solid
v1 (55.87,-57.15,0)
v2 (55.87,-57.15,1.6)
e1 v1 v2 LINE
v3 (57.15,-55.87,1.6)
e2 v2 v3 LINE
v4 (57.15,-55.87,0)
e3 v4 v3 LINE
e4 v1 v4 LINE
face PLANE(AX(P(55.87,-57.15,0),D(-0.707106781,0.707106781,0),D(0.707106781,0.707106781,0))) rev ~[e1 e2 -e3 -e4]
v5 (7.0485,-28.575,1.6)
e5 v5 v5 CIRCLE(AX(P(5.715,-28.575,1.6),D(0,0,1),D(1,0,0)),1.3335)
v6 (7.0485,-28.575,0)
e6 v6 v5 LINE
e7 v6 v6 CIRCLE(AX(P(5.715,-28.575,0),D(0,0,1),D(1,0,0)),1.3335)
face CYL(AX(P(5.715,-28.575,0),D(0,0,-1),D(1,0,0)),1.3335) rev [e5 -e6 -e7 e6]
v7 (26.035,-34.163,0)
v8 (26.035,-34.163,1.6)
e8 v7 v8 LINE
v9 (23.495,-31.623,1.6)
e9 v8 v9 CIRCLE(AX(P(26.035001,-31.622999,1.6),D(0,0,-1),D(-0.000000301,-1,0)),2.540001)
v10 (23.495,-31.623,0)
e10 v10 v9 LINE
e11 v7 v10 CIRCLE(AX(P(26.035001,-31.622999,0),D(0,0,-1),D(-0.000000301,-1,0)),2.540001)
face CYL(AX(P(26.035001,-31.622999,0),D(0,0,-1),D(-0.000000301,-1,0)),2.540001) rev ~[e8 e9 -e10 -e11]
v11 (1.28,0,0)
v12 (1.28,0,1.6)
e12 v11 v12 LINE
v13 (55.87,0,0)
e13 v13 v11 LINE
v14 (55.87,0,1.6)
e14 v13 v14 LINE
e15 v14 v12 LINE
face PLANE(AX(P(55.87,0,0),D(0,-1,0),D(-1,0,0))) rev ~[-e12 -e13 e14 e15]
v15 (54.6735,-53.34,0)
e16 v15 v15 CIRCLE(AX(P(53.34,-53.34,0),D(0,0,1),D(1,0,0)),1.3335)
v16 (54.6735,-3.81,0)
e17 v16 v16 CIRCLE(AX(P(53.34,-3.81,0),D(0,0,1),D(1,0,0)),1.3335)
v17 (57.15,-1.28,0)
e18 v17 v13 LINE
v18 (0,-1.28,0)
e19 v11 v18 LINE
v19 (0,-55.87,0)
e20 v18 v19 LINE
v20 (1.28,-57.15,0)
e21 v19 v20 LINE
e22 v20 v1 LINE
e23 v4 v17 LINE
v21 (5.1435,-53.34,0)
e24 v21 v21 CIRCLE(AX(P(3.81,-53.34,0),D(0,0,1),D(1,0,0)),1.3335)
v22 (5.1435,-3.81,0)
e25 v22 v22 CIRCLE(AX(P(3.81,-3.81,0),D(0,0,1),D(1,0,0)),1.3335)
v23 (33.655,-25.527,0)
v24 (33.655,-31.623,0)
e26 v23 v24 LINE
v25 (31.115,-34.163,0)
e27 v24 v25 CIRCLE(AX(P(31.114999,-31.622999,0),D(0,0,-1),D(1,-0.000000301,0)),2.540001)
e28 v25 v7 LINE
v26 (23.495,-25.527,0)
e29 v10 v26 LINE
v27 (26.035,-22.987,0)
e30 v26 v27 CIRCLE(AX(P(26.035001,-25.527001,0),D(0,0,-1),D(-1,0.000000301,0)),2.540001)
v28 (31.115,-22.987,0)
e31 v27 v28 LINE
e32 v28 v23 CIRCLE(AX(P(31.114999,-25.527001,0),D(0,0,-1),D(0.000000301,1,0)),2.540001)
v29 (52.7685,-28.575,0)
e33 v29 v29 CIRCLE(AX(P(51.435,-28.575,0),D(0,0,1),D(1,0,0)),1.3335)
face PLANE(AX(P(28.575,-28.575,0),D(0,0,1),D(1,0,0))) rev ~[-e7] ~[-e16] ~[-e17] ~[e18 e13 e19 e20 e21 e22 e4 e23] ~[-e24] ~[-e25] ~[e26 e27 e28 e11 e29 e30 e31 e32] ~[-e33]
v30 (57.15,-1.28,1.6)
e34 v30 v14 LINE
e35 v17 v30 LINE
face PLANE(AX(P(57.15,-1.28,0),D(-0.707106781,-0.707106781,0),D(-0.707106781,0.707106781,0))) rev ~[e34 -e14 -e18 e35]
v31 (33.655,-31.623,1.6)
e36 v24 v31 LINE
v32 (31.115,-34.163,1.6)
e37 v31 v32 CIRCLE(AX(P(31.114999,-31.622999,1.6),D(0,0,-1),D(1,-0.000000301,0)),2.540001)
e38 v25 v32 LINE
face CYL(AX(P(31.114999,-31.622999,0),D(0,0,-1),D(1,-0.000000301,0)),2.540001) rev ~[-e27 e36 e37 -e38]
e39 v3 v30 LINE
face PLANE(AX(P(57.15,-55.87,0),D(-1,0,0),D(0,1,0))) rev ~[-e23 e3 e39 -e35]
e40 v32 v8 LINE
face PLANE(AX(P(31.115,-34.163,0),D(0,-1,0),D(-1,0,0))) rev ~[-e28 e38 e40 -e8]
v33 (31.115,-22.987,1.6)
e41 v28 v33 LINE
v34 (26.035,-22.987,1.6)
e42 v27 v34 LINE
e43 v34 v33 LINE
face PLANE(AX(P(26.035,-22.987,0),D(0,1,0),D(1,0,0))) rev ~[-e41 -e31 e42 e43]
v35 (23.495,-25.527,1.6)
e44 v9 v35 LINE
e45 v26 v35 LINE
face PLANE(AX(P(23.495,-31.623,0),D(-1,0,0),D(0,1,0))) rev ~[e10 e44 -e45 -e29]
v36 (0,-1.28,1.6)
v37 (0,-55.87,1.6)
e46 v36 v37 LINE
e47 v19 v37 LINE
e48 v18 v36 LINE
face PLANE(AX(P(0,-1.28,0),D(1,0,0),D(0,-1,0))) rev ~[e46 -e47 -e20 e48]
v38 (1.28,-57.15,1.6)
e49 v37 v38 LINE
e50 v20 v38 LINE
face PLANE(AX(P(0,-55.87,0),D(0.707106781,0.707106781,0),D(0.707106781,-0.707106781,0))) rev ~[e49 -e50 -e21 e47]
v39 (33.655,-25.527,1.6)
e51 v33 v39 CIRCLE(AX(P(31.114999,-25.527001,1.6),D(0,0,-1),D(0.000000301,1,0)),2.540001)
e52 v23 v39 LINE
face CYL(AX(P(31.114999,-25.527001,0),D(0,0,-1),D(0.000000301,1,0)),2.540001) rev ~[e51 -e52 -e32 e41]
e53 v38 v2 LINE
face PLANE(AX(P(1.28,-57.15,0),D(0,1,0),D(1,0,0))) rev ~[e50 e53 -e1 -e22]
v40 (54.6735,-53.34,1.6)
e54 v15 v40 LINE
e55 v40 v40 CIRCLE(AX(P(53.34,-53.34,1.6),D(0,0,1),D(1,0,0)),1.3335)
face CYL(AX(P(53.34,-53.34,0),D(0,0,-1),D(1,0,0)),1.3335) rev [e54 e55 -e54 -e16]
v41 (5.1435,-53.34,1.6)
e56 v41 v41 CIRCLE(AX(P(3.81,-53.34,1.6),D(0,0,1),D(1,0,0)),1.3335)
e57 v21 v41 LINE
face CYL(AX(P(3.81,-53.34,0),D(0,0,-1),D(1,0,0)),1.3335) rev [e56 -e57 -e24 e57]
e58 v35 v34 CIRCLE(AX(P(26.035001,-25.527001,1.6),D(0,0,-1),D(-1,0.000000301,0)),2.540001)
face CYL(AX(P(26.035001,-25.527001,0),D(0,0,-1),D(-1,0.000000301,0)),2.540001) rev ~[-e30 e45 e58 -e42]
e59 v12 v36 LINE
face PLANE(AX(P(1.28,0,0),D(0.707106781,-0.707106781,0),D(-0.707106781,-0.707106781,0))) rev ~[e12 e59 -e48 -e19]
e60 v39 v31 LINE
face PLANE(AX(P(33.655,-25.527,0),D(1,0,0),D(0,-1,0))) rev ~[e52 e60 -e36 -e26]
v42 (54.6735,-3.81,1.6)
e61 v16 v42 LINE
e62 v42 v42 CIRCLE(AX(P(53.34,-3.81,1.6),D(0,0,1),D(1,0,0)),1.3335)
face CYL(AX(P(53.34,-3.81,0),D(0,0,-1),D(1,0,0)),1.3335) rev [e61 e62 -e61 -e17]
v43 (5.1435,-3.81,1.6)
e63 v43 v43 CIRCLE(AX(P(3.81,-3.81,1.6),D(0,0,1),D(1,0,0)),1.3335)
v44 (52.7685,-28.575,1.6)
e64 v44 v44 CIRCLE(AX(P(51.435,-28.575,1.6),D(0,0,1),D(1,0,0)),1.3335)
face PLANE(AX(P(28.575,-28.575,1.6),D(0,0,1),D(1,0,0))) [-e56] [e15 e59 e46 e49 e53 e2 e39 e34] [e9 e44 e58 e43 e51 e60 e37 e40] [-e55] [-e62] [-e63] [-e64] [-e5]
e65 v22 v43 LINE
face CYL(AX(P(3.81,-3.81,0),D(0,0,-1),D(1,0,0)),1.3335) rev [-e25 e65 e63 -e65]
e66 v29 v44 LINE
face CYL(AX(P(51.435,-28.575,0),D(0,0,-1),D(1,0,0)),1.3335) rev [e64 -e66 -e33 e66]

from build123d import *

# Parameters (mm, degrees)
F0_R     = 1.3335
F1_DEPTH = 1.6


with BuildPart() as f1:
    # F0 (on Top) → F1 (new body)
    with BuildSketch(Plane.XY):
        Polygon((55.87, 0), (1.28, 0), (0, -1.28), (0, -55.87), (1.28, -57.15), (55.87, -57.15), (57.15, -55.87), (57.15, -1.28), align=None)
        with Locations((3.81, -53.34)):
            Circle(F0_R, mode=Mode.SUBTRACT)
        with Locations((53.34, -53.34)):
            Circle(F0_R, mode=Mode.SUBTRACT)
        with Locations((5.715, -28.575)):
            Circle(F0_R, mode=Mode.SUBTRACT)
        with Locations((3.81, -3.81)):
            Circle(F0_R, mode=Mode.SUBTRACT)
        with BuildLine():
            ThreePointArc((23.495, -25.527), (24.238949, -23.730949), (26.035, -22.987))
            Line((26.035, -22.987), (31.115, -22.987))
            ThreePointArc((31.115, -22.987), (32.911051, -23.730949), (33.655, -25.527))
            Line((33.655, -25.527), (33.655, -31.623))
            ThreePointArc((33.655, -31.623), (32.911051, -33.419051), (31.115, -34.163))
            Line((31.115, -34.163), (26.035, -34.163))
            ThreePointArc((26.035, -34.163), (24.238949, -33.419051), (23.495, -31.623))
            Line((23.495, -31.623), (23.495, -25.527))
        make_face(mode=Mode.SUBTRACT)
        with Locations((51.435, -28.575)):
            Circle(F0_R, mode=Mode.SUBTRACT)
        with Locations((53.34, -3.81)):
            Circle(F0_R, mode=Mode.SUBTRACT)
    extrude(amount=F1_DEPTH)


solid = f1.part
